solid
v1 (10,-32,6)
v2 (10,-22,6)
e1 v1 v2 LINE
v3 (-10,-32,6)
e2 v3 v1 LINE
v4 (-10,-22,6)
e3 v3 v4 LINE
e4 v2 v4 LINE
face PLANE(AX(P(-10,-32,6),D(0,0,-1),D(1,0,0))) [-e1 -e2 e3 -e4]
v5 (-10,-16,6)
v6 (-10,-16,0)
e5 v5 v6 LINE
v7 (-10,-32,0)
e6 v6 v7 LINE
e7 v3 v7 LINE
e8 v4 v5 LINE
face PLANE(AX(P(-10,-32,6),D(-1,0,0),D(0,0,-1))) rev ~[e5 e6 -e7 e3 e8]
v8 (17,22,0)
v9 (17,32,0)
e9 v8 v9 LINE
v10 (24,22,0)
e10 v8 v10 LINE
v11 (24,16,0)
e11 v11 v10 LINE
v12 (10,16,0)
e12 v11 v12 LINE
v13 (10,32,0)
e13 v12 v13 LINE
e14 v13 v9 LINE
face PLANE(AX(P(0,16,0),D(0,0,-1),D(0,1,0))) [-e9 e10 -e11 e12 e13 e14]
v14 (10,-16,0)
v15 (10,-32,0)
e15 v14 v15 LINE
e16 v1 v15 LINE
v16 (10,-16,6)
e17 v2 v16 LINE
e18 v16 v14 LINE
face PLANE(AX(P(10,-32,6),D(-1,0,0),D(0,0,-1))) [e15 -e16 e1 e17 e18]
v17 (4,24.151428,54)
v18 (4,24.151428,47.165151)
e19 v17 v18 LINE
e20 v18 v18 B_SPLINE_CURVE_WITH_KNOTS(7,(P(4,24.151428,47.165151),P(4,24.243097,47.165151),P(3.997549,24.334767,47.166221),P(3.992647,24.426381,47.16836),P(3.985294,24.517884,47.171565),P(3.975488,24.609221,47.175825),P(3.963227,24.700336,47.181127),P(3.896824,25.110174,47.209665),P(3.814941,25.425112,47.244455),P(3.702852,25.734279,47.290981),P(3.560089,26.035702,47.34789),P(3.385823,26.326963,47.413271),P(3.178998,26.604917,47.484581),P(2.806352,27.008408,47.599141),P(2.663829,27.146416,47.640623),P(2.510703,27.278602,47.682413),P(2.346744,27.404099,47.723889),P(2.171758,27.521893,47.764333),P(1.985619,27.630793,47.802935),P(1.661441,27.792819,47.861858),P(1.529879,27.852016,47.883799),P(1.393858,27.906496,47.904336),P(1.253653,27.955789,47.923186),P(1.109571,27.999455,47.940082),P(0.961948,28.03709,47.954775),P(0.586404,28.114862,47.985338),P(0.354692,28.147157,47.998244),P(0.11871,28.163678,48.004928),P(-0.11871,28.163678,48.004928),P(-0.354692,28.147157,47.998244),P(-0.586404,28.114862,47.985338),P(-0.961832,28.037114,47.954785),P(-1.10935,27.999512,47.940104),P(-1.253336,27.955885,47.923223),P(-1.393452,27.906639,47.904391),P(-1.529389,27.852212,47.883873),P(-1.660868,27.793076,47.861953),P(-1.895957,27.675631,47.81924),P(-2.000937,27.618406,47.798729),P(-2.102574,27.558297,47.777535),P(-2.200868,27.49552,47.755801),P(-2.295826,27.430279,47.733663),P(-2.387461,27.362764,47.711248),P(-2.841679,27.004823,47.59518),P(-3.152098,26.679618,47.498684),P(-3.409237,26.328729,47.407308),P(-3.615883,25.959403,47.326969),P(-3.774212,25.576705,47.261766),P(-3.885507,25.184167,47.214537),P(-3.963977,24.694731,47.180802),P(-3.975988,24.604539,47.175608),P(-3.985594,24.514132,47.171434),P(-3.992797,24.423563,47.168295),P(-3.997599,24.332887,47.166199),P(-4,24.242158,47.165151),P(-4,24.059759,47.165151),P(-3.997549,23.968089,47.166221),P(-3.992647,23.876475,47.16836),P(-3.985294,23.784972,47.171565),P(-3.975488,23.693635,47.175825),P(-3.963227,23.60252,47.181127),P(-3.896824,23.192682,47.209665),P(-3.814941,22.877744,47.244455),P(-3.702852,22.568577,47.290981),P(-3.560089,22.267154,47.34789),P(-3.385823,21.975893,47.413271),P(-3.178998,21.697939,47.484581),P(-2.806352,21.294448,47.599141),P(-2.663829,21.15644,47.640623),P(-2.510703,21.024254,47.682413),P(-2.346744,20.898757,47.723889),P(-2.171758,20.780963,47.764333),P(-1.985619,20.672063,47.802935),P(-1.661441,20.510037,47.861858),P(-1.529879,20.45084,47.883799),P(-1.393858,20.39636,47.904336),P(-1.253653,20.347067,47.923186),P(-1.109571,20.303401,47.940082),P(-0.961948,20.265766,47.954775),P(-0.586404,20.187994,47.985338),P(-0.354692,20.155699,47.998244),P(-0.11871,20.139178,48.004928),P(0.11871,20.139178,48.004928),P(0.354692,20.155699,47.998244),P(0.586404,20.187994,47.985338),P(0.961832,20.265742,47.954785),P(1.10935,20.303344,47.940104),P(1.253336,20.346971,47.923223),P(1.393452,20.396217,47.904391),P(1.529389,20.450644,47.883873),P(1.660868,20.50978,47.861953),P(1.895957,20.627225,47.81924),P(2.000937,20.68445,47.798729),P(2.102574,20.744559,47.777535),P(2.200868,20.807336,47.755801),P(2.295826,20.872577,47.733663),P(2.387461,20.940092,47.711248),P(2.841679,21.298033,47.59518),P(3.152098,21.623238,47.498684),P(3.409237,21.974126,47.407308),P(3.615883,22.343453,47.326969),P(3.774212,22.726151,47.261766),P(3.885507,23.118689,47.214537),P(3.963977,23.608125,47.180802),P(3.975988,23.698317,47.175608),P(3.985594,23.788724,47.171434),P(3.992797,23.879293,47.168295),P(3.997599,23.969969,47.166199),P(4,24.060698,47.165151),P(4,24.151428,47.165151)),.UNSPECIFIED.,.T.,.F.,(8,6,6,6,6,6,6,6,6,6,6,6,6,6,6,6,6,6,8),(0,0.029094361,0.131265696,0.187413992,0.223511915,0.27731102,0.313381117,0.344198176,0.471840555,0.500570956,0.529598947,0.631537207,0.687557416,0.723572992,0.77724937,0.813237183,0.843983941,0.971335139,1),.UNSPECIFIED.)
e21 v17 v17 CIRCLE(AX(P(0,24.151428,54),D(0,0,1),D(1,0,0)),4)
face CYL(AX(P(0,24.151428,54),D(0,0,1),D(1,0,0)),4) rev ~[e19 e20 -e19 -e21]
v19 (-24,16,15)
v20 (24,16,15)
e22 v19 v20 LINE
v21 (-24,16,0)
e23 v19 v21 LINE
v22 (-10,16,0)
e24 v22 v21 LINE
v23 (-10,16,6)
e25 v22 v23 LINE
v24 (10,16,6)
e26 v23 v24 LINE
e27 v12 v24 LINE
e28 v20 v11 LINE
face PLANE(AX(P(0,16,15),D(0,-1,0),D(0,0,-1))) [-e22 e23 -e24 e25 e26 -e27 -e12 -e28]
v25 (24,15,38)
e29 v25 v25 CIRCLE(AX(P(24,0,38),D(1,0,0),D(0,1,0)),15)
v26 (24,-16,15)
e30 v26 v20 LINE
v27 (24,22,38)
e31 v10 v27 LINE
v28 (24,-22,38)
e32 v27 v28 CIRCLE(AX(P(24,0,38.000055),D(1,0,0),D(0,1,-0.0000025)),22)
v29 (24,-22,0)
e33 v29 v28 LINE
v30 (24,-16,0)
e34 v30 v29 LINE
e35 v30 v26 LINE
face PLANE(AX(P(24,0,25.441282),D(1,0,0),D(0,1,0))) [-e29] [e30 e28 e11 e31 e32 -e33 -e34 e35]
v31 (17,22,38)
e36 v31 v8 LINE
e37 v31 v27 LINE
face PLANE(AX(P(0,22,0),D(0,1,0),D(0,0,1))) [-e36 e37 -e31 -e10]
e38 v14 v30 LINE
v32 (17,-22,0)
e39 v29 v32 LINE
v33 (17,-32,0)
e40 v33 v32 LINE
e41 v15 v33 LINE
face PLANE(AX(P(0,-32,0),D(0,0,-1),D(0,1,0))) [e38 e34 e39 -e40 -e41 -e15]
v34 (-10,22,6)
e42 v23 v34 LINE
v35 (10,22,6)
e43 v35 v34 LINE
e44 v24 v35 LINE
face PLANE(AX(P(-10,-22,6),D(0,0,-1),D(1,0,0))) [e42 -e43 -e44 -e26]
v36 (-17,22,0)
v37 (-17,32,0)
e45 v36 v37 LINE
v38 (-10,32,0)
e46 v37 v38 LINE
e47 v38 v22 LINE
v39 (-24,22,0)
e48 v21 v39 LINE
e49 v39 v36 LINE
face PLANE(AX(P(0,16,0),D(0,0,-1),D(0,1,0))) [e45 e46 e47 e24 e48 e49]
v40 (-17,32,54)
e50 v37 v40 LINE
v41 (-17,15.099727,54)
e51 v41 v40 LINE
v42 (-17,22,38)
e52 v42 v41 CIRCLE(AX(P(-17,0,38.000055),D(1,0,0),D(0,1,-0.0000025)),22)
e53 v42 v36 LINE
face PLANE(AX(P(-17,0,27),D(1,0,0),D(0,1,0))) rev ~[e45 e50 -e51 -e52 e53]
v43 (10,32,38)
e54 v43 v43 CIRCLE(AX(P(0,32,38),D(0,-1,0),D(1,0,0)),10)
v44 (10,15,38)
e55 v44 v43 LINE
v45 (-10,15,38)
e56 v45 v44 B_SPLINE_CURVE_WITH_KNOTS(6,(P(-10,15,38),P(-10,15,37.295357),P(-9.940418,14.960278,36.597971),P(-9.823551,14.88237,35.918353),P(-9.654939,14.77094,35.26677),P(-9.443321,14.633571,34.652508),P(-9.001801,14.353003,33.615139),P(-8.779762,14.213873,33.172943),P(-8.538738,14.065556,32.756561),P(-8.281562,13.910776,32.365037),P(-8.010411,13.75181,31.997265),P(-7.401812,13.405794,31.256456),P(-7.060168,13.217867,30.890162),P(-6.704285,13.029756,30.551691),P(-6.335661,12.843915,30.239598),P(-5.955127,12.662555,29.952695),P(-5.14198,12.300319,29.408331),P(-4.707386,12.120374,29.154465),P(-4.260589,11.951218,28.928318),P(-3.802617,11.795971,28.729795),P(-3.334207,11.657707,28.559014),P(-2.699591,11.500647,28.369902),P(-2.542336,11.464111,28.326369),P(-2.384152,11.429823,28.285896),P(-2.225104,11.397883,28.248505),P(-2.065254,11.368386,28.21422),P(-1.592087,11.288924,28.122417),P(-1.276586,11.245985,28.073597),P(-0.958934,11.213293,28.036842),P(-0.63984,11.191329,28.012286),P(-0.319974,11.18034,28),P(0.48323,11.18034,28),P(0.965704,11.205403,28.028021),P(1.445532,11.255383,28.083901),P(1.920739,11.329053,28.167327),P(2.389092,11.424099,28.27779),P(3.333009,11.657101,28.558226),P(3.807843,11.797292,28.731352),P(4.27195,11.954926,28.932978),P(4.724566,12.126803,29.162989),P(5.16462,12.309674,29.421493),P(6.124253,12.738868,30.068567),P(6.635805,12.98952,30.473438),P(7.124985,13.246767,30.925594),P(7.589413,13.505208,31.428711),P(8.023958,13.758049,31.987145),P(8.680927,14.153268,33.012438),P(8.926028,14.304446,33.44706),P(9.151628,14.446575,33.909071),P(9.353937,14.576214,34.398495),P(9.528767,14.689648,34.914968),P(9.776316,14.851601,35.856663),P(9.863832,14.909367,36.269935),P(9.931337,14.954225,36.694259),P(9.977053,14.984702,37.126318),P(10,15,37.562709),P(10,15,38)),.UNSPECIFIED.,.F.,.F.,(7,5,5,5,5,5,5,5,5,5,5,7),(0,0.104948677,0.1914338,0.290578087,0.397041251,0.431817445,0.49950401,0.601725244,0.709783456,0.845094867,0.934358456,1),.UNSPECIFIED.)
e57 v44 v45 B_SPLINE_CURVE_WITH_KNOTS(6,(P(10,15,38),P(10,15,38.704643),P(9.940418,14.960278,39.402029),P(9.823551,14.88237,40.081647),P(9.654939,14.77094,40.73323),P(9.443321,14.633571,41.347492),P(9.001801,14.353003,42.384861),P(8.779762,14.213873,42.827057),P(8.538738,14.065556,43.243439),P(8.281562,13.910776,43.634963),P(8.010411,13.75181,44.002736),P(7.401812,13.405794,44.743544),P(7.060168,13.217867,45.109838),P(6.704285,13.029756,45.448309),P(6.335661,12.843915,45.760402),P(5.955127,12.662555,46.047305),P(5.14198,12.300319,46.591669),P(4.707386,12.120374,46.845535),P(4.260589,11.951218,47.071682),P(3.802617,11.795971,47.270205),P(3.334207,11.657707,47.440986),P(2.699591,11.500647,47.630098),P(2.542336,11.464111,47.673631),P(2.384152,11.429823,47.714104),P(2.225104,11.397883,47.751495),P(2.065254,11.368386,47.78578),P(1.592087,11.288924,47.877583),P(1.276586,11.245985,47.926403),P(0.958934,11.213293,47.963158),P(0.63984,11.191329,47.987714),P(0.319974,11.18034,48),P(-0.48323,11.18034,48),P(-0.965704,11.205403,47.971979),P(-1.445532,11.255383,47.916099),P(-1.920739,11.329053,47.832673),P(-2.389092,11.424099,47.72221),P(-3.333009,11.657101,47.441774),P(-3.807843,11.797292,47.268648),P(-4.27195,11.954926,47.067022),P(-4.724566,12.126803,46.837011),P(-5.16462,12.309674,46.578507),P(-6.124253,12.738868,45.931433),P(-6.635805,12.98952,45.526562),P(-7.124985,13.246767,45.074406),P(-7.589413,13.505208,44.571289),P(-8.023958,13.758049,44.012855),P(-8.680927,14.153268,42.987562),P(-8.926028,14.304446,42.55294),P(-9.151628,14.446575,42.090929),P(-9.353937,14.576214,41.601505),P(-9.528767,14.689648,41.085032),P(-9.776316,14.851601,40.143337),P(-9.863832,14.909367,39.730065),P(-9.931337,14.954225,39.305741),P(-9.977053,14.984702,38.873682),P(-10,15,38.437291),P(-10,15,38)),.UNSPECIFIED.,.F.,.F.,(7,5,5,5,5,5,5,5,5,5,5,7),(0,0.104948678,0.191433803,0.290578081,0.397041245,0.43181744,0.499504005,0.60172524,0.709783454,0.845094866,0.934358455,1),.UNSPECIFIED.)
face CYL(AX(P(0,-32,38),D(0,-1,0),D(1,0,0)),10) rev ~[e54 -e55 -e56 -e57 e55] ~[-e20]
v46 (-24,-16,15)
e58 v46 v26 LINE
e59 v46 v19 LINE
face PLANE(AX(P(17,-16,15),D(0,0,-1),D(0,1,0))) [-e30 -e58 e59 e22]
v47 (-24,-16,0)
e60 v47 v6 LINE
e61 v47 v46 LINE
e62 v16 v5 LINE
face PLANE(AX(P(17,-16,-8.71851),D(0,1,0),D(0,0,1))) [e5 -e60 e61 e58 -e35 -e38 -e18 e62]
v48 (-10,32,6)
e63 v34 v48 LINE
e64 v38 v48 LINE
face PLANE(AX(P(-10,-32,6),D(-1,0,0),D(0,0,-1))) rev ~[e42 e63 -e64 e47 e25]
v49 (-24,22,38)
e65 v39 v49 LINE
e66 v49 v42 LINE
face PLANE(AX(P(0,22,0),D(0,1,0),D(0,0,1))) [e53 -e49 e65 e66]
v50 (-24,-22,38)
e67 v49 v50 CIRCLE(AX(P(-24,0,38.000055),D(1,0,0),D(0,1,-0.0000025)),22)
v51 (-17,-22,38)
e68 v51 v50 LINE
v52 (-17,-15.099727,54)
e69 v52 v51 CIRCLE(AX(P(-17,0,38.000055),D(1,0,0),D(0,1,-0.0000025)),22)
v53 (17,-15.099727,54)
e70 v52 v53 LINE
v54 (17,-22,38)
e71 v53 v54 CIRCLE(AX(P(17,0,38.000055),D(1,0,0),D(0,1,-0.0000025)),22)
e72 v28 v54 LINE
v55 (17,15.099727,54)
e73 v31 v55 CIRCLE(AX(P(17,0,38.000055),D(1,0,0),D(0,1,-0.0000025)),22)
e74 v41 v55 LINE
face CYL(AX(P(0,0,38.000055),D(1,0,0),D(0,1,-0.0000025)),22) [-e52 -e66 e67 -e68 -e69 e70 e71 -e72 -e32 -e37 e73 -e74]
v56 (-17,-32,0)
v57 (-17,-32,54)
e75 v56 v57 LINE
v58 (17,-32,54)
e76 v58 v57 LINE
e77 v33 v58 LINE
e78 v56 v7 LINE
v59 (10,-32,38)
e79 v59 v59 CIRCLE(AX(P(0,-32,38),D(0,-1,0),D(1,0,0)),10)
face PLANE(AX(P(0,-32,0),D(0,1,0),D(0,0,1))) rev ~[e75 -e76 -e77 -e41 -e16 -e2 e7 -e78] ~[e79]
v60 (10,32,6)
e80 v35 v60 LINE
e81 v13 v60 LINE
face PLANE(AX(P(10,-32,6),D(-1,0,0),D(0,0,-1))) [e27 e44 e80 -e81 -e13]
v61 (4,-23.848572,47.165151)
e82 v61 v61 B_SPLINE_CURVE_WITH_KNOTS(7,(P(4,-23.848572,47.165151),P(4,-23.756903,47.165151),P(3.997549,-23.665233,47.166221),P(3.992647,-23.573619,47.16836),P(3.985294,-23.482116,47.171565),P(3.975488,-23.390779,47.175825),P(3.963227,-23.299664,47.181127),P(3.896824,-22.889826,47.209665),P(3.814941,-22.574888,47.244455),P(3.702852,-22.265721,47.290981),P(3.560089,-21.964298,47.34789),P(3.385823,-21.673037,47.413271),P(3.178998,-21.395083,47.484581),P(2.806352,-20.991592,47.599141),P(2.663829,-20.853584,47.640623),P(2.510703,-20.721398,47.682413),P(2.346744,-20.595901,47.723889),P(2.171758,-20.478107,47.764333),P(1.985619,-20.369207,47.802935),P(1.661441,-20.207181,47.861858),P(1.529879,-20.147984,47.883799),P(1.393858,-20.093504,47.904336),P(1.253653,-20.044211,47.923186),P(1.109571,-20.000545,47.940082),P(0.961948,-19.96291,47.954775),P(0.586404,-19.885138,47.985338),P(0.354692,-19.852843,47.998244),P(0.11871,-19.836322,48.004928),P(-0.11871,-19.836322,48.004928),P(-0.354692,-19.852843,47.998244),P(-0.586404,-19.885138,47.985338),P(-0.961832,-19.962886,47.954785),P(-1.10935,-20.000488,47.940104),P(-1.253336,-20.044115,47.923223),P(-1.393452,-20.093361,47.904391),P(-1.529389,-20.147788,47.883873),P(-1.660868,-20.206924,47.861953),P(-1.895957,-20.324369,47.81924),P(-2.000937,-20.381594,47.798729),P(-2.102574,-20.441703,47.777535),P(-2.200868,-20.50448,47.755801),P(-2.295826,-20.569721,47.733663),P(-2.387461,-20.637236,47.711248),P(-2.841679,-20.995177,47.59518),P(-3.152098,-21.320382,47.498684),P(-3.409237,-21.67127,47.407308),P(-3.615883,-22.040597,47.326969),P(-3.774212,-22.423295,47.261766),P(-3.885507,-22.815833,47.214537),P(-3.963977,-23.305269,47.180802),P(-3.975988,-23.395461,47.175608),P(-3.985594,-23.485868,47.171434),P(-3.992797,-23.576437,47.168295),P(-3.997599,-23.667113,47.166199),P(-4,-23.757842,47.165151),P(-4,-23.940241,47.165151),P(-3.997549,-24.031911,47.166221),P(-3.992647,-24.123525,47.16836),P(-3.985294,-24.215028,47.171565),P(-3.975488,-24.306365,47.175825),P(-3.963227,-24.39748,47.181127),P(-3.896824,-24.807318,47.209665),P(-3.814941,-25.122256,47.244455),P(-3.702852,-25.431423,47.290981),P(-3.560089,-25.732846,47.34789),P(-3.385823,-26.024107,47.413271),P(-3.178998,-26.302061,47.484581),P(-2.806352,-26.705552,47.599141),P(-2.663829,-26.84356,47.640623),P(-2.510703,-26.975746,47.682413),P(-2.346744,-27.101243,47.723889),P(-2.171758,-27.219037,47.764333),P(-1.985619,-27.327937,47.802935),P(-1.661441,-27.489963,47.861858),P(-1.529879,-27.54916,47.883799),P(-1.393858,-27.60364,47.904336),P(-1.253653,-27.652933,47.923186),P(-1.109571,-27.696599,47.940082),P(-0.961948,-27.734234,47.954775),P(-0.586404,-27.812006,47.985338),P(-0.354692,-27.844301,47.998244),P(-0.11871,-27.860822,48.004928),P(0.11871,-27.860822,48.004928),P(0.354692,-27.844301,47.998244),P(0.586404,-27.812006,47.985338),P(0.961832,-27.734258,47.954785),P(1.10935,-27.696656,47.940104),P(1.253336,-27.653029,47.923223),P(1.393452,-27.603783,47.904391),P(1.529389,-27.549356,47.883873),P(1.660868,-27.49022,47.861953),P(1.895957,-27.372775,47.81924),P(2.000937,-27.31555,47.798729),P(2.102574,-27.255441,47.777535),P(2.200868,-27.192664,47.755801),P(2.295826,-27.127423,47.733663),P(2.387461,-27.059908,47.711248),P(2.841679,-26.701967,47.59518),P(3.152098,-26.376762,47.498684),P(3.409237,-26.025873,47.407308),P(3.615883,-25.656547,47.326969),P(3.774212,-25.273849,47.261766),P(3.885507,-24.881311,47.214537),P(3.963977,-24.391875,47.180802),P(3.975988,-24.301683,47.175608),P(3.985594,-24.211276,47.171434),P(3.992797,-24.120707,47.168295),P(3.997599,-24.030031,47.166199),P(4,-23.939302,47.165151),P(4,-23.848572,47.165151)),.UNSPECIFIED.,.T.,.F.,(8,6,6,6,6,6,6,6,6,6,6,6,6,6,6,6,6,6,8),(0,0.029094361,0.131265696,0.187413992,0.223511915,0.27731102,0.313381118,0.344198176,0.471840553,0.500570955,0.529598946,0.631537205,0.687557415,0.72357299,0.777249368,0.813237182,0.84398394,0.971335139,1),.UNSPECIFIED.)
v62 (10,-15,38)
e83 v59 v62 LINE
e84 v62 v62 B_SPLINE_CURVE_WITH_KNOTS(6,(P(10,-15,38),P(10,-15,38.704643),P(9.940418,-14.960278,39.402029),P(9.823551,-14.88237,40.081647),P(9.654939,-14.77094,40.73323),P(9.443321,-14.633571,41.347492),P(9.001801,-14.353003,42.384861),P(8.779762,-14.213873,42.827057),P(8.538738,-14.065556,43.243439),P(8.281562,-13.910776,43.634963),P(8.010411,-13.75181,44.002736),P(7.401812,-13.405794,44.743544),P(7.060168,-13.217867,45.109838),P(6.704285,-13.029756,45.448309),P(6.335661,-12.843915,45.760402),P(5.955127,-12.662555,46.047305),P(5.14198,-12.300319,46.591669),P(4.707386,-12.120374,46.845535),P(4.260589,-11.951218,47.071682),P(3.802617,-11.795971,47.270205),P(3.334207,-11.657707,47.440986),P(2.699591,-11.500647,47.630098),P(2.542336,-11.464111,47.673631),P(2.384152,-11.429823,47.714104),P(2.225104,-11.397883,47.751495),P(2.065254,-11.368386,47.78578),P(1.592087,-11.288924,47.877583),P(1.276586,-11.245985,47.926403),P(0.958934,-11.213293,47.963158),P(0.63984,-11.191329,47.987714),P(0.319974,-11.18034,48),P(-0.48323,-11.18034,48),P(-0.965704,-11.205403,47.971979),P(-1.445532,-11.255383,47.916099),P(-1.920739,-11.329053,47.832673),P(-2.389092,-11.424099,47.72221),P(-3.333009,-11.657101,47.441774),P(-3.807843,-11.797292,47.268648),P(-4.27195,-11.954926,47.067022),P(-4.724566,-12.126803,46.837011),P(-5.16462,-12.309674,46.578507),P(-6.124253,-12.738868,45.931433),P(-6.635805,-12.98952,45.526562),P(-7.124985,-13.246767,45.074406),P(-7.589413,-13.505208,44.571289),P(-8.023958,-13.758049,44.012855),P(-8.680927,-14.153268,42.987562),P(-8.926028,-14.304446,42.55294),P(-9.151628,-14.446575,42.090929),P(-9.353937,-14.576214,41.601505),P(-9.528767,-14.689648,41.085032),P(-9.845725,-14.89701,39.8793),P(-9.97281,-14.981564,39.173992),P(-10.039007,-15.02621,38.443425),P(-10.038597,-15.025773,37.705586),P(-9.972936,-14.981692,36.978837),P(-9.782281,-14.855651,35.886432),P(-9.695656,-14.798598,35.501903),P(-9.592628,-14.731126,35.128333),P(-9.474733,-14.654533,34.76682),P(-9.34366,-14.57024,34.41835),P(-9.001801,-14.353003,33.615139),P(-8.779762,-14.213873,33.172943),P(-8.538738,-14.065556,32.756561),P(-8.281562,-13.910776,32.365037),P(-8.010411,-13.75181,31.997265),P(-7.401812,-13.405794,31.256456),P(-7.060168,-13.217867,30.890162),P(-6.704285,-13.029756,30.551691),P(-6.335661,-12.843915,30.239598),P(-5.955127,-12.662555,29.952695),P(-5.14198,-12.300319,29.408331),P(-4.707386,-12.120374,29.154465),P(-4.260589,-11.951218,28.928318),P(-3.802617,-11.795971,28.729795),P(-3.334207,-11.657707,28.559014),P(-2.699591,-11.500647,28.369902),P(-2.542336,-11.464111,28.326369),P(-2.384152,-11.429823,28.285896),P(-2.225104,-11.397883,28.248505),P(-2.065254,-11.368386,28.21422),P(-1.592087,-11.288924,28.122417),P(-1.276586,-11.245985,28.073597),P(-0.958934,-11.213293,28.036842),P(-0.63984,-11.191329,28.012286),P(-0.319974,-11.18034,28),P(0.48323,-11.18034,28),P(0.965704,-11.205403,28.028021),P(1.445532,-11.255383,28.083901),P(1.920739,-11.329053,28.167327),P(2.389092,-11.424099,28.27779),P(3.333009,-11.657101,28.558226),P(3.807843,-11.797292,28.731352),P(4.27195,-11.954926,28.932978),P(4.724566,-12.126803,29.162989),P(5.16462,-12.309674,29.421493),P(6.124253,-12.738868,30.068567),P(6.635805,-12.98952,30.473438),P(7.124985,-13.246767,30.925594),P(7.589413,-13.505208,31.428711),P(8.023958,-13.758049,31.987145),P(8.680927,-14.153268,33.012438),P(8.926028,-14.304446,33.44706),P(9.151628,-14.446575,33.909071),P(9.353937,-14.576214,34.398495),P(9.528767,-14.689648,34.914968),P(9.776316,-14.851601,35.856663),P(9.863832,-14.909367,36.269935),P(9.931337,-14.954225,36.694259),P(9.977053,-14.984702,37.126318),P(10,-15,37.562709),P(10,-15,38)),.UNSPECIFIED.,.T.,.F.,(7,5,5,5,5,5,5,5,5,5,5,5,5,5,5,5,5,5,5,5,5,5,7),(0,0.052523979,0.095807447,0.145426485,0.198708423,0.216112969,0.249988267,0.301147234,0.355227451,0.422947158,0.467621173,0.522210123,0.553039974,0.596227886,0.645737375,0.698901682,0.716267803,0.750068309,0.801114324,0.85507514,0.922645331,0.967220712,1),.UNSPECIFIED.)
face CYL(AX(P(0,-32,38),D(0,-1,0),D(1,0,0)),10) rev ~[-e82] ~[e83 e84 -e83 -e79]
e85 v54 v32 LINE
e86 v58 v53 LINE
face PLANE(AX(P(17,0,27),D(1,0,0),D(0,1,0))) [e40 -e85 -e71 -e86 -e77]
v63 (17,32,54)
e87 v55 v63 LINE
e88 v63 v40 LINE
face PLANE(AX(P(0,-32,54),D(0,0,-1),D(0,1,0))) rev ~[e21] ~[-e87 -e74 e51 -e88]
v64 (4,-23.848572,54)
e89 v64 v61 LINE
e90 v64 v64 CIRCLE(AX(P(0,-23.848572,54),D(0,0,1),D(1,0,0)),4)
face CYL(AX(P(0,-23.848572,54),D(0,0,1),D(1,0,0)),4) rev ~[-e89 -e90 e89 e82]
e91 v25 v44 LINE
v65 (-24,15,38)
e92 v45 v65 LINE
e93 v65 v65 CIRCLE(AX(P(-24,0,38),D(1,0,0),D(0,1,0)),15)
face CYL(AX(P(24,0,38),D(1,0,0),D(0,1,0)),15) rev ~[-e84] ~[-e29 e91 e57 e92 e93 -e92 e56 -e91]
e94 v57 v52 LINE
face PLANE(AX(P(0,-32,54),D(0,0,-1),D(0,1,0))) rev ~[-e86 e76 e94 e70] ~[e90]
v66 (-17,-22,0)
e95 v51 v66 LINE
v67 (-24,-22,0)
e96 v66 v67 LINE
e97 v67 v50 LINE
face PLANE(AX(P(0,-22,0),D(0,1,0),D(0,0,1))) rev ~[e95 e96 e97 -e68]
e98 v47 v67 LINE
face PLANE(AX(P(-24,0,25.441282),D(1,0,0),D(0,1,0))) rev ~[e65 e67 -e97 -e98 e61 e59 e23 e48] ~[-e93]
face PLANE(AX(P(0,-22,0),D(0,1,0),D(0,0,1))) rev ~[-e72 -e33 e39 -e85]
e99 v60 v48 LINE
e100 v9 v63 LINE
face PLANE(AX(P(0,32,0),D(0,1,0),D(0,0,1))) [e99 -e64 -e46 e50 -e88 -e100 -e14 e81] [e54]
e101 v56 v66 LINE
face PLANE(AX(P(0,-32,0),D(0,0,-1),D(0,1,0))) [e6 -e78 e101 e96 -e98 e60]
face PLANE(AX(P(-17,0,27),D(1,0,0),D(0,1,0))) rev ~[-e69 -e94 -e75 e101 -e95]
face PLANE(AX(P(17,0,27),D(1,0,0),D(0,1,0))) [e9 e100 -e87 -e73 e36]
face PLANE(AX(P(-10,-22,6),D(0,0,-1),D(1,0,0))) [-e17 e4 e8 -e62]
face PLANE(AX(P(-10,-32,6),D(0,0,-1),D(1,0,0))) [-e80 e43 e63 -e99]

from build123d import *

# Parameters (mm, degrees)
SKETCH_W        = 64
SKETCH_H        = 54
PAD_DEPTH       = 17
SKETCH001_W     = 12.371217
SKETCH001_H     = 20
POCKET_DEPTH    = 64.001
SKETCH002_W     = 32
SKETCH002_H     = 23.71851
POCKET001_DEPTH = 34.001
PAD001_DEPTH    = 24
SKETCH005_R     = 10
POCKET002_DEPTH = 64.001
SKETCH006_W     = 20
SKETCH006_H     = 14.23518
POCKET003_DEPTH = 54.001
SKETCH007_R     = 15
POCKET004_DEPTH = 48.001
SKETCH008_R     = 4
POCKET005_DEPTH = 10


with BuildPart() as pocket001:
    # Sketch → Pad (new body, symmetric)
    with BuildSketch(Plane.YZ):
        with Locations((0, 27)):
            Rectangle(SKETCH_W, SKETCH_H)
    extrude(amount=PAD_DEPTH, both=True)

    # Sketch001 → Pocket (cut, through all)
    with BuildSketch(Plane(origin=(0, -32, 0), x_dir=(0, 0, -1), z_dir=(0, -1, 0))):
        with Locations((0.185608, 0)):
            Rectangle(SKETCH001_W, SKETCH001_H)
    extrude(amount=-POCKET_DEPTH, mode=Mode.SUBTRACT)

    # Sketch002 → Pocket001 (cut, through all)
    with BuildSketch(Plane.YZ.offset(17)):
        with Locations((0, 3.140745)):
            Rectangle(SKETCH002_W, SKETCH002_H)
    extrude(amount=-POCKET001_DEPTH, mode=Mode.SUBTRACT)


with BuildPart() as pocket005:
    # Sketch004 → Pad001 (new body, symmetric)
    with BuildSketch(Plane.YZ):
        with BuildLine():
            Line((-16, 0), (-16, 15))
            Line((-16, 15), (16, 15))
            Line((16, 15), (16, 0))
            Line((16, 0), (22, 0))
            Line((22, 0), (22, 38))
            ThreePointArc((22, 38), (0, 60.000055), (-22, 38))
            Line((-22, 0), (-22, 38))
            Line((-16, 0), (-22, 0))
        make_face()
    extrude(amount=PAD001_DEPTH, both=True)

    # Fusion: union Pocket001
    add(pocket001.part)

    # Sketch005 → Pocket002 (cut, through all)
    with BuildSketch(Plane.XZ.offset(32)):
        with Locations((0, 38)):
            Circle(SKETCH005_R)
    extrude(amount=-POCKET002_DEPTH, mode=Mode.SUBTRACT)

    # Sketch006 → Pocket003 (cut, through all)
    with BuildSketch(Plane.XZ.offset(22)):
        with Locations((0, -1.11759)):
            Rectangle(SKETCH006_W, SKETCH006_H)
    extrude(amount=-POCKET003_DEPTH, mode=Mode.SUBTRACT)

    # Sketch007 → Pocket004 (cut, through all)
    with BuildSketch(Plane.YZ.offset(24)):
        with Locations((0, 38)):
            Circle(SKETCH007_R)
    extrude(amount=-POCKET004_DEPTH, mode=Mode.SUBTRACT)

    # Sketch008 → Pocket005 (cut)
    with BuildSketch(Plane.XY.offset(54)):
        with Locations((0, -23.848572)):
            Circle(SKETCH008_R)
        with Locations((0, 24.151428)):
            Circle(SKETCH008_R)
    extrude(amount=-POCKET005_DEPTH, mode=Mode.SUBTRACT)


solid = pocket005.part
